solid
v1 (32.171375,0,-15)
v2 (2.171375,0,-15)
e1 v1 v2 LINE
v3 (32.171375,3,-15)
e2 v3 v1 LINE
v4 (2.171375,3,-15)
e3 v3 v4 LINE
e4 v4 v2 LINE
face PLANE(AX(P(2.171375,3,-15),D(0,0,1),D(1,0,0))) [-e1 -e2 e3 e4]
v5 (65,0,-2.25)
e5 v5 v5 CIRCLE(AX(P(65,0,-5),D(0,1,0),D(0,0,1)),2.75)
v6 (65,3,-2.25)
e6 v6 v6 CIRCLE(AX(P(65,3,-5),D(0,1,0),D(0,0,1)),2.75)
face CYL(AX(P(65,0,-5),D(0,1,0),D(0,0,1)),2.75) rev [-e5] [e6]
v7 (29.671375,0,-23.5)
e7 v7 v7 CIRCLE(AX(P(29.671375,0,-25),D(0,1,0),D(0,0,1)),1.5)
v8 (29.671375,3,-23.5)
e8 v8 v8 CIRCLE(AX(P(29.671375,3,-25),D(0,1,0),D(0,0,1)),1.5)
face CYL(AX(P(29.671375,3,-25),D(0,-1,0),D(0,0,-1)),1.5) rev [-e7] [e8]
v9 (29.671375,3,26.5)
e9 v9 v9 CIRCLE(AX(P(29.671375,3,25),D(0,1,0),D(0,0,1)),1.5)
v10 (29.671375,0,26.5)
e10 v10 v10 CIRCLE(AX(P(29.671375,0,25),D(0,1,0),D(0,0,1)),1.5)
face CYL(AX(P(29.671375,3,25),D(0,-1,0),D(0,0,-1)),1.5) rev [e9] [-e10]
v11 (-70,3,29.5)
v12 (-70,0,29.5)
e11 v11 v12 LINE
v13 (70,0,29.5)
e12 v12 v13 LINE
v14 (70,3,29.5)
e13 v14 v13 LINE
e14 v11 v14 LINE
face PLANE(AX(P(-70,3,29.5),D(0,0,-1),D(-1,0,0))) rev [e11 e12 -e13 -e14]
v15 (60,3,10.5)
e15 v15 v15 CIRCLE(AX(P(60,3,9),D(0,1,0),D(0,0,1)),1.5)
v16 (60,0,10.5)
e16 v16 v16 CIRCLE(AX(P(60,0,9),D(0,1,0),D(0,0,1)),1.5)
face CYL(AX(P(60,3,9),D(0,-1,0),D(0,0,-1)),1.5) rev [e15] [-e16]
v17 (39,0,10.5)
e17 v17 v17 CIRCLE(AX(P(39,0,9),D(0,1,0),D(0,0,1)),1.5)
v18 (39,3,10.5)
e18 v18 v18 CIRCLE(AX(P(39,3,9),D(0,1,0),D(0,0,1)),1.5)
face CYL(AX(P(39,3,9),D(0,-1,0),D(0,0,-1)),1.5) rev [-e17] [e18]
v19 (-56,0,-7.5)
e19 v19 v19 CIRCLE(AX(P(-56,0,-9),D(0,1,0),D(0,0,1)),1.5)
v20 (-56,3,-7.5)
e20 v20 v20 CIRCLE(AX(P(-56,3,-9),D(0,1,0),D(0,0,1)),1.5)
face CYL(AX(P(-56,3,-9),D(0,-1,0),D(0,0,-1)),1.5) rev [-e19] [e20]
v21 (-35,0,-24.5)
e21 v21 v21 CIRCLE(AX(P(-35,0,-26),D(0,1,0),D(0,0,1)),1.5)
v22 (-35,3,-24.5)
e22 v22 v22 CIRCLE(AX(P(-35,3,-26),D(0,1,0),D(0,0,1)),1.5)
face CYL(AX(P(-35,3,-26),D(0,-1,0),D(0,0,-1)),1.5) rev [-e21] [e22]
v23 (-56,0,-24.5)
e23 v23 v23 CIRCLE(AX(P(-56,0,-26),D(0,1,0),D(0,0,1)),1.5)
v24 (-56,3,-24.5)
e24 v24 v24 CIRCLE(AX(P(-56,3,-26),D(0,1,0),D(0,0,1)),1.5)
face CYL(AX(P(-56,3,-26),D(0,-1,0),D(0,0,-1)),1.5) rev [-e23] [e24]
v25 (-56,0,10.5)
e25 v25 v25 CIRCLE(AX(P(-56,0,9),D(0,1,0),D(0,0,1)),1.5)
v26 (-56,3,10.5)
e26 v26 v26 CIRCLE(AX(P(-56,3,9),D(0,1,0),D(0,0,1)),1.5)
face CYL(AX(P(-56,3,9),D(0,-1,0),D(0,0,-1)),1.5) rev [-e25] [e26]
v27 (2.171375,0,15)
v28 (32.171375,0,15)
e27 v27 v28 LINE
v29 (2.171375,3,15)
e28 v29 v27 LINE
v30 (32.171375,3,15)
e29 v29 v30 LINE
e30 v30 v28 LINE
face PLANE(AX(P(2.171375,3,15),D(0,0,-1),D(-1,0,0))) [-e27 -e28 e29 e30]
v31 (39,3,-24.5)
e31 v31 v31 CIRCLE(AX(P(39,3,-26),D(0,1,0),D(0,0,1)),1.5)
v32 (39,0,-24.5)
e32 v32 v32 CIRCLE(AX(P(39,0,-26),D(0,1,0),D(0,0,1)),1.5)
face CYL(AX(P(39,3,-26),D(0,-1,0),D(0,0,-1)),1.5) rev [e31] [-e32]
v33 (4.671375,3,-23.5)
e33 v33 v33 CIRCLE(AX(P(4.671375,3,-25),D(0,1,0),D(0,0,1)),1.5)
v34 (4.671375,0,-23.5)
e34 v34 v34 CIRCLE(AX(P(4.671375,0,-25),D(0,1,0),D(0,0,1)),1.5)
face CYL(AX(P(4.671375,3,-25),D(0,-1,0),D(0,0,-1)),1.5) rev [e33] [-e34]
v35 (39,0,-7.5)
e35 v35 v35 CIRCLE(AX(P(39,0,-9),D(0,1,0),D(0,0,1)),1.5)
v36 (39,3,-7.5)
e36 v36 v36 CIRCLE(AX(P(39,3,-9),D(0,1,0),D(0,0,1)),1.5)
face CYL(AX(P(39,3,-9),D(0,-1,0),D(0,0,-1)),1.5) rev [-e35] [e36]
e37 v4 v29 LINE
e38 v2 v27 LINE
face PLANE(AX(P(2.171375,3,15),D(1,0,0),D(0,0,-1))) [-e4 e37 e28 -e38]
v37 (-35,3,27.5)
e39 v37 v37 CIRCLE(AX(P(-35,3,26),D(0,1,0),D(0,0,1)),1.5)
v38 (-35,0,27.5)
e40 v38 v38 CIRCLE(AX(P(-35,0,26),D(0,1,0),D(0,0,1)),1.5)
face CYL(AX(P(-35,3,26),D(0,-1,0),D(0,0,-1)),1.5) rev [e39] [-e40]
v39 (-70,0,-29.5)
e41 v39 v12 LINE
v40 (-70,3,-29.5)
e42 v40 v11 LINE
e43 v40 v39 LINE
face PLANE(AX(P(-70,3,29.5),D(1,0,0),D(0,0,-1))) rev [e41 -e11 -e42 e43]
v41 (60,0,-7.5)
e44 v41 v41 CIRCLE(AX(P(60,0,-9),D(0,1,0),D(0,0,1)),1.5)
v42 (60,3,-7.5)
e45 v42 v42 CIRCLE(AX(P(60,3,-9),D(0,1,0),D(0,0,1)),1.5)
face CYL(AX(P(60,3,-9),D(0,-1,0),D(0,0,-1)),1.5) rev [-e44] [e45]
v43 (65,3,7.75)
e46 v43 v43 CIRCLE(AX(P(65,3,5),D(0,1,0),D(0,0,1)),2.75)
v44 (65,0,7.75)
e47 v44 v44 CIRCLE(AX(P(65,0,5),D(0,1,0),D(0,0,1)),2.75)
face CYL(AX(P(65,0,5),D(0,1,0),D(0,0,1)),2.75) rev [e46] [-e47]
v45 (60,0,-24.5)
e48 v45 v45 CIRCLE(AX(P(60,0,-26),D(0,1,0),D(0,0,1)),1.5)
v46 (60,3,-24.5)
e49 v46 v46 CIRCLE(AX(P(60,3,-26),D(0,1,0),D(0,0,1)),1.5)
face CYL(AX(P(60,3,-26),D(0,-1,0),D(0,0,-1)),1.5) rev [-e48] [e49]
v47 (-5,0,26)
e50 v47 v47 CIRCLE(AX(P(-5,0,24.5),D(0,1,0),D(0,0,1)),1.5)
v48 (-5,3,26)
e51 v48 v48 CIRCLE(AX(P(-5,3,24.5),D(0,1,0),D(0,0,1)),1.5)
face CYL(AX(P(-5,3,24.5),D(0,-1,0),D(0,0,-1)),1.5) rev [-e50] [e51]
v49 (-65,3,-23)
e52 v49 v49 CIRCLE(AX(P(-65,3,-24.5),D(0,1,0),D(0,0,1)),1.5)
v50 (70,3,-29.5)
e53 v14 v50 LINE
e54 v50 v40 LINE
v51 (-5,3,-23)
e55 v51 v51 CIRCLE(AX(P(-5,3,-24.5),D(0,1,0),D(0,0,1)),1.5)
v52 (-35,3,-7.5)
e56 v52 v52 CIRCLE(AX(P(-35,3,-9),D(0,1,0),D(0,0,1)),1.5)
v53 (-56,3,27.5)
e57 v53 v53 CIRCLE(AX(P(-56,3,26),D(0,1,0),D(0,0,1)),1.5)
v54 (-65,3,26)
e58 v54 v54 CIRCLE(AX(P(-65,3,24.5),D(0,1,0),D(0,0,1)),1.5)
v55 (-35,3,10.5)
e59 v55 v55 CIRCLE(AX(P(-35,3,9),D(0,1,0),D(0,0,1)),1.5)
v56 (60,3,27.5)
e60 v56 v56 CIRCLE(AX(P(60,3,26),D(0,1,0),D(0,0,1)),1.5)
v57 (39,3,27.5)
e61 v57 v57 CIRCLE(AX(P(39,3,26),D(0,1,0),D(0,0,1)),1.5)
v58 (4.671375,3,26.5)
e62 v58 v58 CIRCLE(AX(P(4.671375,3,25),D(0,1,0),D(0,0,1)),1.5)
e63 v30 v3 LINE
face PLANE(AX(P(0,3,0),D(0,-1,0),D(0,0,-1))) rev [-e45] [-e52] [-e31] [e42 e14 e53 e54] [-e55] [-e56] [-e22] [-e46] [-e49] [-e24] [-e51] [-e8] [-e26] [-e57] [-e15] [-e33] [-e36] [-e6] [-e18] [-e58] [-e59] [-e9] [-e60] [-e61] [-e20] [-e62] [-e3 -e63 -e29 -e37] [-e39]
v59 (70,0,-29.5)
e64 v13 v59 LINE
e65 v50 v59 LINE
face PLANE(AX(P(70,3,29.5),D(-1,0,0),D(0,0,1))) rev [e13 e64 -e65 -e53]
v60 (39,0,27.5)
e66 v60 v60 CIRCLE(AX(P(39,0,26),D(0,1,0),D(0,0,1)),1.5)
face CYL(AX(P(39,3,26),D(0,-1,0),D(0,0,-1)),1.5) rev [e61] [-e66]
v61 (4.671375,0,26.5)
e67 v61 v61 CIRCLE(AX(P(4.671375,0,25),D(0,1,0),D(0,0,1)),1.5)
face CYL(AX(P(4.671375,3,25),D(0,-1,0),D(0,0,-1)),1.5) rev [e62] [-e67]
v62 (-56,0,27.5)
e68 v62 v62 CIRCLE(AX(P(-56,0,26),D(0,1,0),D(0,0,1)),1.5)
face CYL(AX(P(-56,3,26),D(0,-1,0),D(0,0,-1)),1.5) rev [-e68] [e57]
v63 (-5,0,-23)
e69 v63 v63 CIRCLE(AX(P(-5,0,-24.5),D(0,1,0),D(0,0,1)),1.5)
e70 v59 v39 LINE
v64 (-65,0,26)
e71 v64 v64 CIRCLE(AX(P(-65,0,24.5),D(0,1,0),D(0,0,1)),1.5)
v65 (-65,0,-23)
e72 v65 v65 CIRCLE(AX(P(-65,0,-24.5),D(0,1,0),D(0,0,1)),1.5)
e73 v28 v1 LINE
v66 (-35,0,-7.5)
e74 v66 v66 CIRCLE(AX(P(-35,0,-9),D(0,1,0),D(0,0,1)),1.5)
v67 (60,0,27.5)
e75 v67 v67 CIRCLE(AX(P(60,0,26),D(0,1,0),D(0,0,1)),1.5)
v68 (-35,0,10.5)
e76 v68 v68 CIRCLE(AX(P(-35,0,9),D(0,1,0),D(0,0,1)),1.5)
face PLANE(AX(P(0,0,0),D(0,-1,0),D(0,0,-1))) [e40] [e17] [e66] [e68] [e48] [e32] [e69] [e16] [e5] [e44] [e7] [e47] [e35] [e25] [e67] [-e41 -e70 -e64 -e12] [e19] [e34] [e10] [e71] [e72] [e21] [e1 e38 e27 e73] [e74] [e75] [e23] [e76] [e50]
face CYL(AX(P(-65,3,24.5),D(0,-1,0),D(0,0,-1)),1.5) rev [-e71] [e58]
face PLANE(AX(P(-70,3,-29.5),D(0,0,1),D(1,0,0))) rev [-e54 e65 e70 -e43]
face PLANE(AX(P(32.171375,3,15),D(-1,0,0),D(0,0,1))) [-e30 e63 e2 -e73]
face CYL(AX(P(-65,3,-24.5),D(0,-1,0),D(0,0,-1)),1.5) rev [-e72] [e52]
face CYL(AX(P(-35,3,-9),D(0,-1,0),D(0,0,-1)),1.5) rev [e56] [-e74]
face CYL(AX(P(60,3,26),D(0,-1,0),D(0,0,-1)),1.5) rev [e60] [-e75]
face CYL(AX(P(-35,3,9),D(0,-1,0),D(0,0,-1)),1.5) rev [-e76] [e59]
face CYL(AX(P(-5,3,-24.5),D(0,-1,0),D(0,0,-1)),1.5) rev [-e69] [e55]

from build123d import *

# Parameters (mm, degrees)
SKETCH1_W           = 140
SKETCH1_H           = 59
SKETCH1_R           = 1.5
SKETCH1_W_2         = 30
SKETCH1_H_2         = 30
BOSS_EXTRUDE1_DEPTH = 3
SKETCH8_R           = 2.75
CUT_EXTRUDE6_DEPTH  = 77.021378572


with BuildPart() as part:
    # Sketch1 → Boss-Extrude1 (new body)
    with BuildSketch(Plane(origin=(0, 0, 0), x_dir=(1, 0, 0), z_dir=(0, 1, 0))):
        Rectangle(SKETCH1_W, SKETCH1_H)
        with Locations(Location((-35, 26, 0), (0, 0, 270))):
            Circle(SKETCH1_R, mode=Mode.SUBTRACT)
        with Locations(Location((-56, 26, 0), (0, 0, 270))):
            Circle(SKETCH1_R, mode=Mode.SUBTRACT)
        with Locations(Location((-56, 9, 0), (0, 0, 270))):
            Circle(SKETCH1_R, mode=Mode.SUBTRACT)
        with Locations(Location((-35, 9, 0), (0, 0, 270))):
            Circle(SKETCH1_R, mode=Mode.SUBTRACT)
        with Locations(Location((-35, -9, 0), (0, 0, 270))):
            Circle(SKETCH1_R, mode=Mode.SUBTRACT)
        with Locations(Location((-56, -9, 0), (0, 0, 270))):
            Circle(SKETCH1_R, mode=Mode.SUBTRACT)
        with Locations(Location((-35, -26, 0), (0, 0, 270))):
            Circle(SKETCH1_R, mode=Mode.SUBTRACT)
        with Locations(Location((-56, -26, 0), (0, 0, 270))):
            Circle(SKETCH1_R, mode=Mode.SUBTRACT)
        with Locations(Location((60, 26, 0), (0, 0, 270))):
            Circle(SKETCH1_R, mode=Mode.SUBTRACT)
        with Locations(Location((39, 26, 0), (0, 0, 270))):
            Circle(SKETCH1_R, mode=Mode.SUBTRACT)
        with Locations(Location((39, -9, 0), (0, 0, 270))):
            Circle(SKETCH1_R, mode=Mode.SUBTRACT)
        with Locations(Location((60, -9, 0), (0, 0, 270))):
            Circle(SKETCH1_R, mode=Mode.SUBTRACT)
        with Locations(Location((60, -26, 0), (0, 0, 270))):
            Circle(SKETCH1_R, mode=Mode.SUBTRACT)
        with Locations(Location((39, -26, 0), (0, 0, 270))):
            Circle(SKETCH1_R, mode=Mode.SUBTRACT)
        with Locations(Location((60, 9, 0), (0, 0, 270))):
            Circle(SKETCH1_R, mode=Mode.SUBTRACT)
        with Locations(Location((39, 9, 0), (0, 0, 270))):
            Circle(SKETCH1_R, mode=Mode.SUBTRACT)
        with Locations(Location((-5, -24.5, 0), (0, 0, 270))):
            Circle(SKETCH1_R, mode=Mode.SUBTRACT)
        with Locations(Location((-5, 24.5, 0), (0, 0, 270))):
            Circle(SKETCH1_R, mode=Mode.SUBTRACT)
        with Locations(Location((-65, 24.5, 0), (0, 0, 270))):
            Circle(SKETCH1_R, mode=Mode.SUBTRACT)
        with Locations(Location((-65, -24.5, 0), (0, 0, 270))):
            Circle(SKETCH1_R, mode=Mode.SUBTRACT)
        with Locations(Location((29.671375392, 25, 0), (0, 0, 270))):
            Circle(SKETCH1_R, mode=Mode.SUBTRACT)
        with Locations(Location((29.671375392, -25, 0), (0, 0, 270))):
            Circle(SKETCH1_R, mode=Mode.SUBTRACT)
        with Locations(Location((4.671375392, -25, 0), (0, 0, 270))):
            Circle(SKETCH1_R, mode=Mode.SUBTRACT)
        with Locations(Location((4.671375392, 25, 0), (0, 0, 270))):
            Circle(SKETCH1_R, mode=Mode.SUBTRACT)
        with Locations((17.171375392, 0)):
            Rectangle(SKETCH1_W_2, SKETCH1_H_2, mode=Mode.SUBTRACT)
    extrude(amount=BOSS_EXTRUDE1_DEPTH)

    # Sketch8 → Cut-Extrude6 (cut, through all)
    with BuildSketch(Plane(origin=(0, 3, 0), x_dir=(1, 0, 0), z_dir=(0, 1, 0))):
        with Locations(Location((65, 5, 0), (0, 0, 270))):
            Circle(SKETCH8_R)
        with Locations(Location((65, -5, 0), (0, 0, 270))):
            Circle(SKETCH8_R)
    extrude(amount=-CUT_EXTRUDE6_DEPTH, mode=Mode.SUBTRACT)


solid = part.part
